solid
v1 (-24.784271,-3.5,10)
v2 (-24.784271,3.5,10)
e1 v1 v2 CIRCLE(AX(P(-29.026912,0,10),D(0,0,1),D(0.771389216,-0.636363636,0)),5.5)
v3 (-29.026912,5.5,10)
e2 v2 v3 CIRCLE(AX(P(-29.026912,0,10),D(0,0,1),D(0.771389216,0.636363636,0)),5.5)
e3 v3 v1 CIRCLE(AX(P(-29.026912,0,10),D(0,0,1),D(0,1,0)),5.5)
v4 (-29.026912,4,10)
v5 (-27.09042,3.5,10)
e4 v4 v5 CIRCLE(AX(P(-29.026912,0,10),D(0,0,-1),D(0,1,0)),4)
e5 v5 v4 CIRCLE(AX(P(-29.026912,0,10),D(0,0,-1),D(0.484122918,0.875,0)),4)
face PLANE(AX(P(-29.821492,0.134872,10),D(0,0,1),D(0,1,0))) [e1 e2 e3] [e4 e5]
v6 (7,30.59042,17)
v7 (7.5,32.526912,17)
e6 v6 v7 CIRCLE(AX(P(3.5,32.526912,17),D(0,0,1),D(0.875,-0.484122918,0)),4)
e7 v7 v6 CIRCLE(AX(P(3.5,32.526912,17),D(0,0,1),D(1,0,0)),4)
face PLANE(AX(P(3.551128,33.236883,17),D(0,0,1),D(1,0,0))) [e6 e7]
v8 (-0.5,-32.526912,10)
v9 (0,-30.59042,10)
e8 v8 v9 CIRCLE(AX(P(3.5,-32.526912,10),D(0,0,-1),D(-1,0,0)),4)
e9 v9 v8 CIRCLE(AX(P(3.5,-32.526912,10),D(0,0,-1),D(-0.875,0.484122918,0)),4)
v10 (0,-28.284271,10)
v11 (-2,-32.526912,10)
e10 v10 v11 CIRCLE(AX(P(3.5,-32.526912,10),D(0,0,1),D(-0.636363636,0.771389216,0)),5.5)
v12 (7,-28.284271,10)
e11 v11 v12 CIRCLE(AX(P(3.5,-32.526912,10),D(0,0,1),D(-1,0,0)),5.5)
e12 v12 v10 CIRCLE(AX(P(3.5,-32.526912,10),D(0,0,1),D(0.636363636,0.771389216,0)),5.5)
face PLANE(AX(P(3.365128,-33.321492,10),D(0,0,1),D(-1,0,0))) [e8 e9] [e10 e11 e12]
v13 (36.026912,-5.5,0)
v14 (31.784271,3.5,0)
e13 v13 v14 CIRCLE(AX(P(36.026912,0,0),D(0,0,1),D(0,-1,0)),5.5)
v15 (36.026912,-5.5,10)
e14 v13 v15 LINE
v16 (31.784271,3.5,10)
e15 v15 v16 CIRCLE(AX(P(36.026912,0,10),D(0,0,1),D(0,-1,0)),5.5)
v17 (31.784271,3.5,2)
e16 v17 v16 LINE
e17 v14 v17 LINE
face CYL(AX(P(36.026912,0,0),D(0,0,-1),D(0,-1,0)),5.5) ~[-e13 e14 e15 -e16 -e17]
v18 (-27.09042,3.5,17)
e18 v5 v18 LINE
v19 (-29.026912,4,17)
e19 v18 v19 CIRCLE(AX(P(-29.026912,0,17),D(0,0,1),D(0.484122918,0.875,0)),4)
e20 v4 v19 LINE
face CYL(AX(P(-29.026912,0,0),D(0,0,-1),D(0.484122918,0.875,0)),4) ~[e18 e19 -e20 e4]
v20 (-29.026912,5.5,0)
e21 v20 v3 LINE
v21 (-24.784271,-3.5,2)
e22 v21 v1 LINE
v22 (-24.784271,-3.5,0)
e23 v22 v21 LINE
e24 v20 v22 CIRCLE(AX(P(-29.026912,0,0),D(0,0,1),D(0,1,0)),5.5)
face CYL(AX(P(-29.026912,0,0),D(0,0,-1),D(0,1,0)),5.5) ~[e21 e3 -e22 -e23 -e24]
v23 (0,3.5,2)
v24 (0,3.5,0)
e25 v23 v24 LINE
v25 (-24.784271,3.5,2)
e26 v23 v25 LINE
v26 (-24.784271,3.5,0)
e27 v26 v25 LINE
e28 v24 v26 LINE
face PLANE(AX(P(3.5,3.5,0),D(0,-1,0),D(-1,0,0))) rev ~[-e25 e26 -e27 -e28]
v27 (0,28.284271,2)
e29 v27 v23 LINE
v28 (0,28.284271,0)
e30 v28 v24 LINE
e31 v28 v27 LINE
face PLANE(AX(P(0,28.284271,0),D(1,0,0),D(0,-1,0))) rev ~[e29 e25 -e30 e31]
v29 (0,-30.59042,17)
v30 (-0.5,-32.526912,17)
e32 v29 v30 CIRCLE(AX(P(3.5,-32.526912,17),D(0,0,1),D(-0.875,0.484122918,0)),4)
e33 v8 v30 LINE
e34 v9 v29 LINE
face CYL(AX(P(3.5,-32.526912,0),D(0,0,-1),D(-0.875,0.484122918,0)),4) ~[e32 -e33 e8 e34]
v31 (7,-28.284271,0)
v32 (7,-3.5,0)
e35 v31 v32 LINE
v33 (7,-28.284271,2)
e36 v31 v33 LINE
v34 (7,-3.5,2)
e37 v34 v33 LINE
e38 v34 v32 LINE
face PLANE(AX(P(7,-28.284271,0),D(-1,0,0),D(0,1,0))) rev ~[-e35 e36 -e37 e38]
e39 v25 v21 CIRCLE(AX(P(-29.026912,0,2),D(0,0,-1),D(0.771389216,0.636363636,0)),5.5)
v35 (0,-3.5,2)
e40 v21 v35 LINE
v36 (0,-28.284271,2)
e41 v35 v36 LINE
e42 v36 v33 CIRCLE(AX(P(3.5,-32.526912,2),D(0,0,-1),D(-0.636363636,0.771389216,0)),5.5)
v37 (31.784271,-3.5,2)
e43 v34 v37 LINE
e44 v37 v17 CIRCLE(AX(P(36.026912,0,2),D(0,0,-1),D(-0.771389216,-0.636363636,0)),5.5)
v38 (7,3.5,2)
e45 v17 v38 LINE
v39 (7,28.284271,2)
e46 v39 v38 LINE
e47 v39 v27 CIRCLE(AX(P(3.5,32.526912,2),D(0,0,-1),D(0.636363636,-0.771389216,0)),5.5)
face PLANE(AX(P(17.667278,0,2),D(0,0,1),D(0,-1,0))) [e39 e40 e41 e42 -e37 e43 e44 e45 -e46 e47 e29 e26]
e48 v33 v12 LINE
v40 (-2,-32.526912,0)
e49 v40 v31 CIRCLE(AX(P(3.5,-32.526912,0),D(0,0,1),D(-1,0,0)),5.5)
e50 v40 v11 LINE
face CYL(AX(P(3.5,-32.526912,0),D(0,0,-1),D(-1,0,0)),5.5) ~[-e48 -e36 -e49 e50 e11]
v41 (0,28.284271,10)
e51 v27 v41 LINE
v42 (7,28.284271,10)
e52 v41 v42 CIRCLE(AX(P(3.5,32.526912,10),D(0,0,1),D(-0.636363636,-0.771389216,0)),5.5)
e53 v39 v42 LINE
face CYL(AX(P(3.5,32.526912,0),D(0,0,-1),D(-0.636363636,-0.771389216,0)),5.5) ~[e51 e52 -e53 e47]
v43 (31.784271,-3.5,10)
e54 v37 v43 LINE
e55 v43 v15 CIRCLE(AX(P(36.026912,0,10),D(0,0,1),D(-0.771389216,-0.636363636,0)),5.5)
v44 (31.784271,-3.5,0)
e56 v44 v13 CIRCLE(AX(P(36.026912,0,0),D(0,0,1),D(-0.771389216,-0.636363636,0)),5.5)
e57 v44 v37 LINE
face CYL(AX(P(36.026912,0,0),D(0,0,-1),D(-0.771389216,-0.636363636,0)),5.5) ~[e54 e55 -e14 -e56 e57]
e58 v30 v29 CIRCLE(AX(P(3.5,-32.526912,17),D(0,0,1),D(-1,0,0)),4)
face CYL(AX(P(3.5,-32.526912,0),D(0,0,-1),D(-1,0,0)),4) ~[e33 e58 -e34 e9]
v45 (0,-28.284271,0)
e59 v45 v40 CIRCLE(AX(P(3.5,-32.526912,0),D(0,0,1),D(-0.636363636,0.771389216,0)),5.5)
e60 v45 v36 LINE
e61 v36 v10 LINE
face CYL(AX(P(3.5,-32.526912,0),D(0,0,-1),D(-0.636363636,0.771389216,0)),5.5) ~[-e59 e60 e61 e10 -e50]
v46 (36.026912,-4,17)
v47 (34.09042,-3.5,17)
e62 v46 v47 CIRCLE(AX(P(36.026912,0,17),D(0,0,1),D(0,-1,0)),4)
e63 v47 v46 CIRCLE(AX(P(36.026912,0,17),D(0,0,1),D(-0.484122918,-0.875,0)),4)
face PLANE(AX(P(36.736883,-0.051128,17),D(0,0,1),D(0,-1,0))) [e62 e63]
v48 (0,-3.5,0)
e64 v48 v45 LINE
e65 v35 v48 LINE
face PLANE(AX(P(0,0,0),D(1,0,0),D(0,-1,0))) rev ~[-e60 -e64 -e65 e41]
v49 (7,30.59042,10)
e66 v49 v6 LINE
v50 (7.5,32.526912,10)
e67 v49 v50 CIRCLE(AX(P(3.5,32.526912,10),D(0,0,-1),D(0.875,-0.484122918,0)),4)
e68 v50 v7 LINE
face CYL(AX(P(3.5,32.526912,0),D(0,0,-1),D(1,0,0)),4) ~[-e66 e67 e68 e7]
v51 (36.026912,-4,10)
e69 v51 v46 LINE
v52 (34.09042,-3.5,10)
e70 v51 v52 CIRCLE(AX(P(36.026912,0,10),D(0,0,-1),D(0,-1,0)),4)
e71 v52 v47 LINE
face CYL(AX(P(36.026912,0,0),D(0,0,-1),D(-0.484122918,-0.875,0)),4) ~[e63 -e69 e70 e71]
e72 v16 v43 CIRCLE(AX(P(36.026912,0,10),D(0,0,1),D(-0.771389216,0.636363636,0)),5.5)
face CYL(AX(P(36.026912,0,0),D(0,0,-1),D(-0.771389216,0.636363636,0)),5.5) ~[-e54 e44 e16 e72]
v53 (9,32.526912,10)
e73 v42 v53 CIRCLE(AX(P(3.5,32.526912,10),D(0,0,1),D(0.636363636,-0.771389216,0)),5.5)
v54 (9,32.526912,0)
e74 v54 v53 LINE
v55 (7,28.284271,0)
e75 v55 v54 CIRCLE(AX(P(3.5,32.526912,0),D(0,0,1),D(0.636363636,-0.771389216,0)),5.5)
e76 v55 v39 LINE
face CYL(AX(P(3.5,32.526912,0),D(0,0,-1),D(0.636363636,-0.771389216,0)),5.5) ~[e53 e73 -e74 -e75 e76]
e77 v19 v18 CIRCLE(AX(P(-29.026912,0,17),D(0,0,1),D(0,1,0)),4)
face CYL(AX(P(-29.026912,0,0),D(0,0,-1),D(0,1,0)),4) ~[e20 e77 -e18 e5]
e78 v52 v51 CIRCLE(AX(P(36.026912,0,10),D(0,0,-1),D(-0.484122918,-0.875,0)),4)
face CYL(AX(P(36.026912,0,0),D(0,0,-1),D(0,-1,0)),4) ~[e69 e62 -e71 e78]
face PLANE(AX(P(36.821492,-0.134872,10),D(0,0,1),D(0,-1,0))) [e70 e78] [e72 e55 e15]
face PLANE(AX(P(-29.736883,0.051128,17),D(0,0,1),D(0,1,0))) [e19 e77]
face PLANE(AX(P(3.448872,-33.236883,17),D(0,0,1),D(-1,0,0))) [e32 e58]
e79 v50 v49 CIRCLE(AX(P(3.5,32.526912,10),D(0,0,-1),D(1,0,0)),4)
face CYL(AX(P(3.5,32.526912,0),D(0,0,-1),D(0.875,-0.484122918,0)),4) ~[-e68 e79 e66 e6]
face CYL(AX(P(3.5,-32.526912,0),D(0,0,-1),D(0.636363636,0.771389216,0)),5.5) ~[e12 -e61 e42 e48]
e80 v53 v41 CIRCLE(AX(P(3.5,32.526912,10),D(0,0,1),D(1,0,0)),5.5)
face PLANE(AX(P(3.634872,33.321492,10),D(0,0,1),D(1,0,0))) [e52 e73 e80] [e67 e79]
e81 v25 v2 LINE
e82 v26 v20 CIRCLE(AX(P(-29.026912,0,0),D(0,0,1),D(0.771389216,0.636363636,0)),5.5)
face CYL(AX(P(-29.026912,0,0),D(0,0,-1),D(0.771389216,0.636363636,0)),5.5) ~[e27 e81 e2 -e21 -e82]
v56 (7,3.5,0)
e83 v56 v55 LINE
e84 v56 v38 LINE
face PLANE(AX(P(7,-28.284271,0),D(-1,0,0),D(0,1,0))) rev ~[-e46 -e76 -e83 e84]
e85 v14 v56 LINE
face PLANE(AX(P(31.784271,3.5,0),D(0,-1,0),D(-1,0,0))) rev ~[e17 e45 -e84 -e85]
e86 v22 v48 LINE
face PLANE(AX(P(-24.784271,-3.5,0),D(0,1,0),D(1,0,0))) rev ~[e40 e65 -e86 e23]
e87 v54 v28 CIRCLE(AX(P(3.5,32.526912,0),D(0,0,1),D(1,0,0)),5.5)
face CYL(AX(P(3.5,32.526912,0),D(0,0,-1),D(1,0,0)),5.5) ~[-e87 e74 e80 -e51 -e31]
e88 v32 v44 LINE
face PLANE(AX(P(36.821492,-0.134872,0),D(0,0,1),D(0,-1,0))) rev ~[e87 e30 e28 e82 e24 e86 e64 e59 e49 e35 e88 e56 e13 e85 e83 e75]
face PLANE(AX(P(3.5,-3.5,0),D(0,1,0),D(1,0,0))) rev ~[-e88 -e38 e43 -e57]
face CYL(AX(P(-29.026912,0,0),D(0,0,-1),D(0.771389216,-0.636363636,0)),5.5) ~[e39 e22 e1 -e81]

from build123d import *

# Parameters (mm, degrees)
F1_DEPTH = 2
F2_DEPTH = 10
F3_DEPTH = 17
F6_COUNT = 4


with BuildPart() as f1:
    # F0 (on Top) → F1 (new body)
    with BuildSketch(Plane.XY):
        with BuildLine():
            Line((0, 28.2842712475), (0, 0))
            Line((0, 0), (7, 0))
            Line((7, 0), (7, 28.2842712475))
            ThreePointArc((7, 28.2842712475), (3.5, 27.0269119346), (0, 28.2842712475))
        make_face()
    extrude(amount=F1_DEPTH)

    # F0 (on Top) → F2 (join)
    with BuildSketch(Plane.XY):
        with BuildLine():
            ThreePointArc((9, 32.5269119346), (1.1547921201, 37.5018491201), (0, 28.2842712475))
            Line((0, 28.2842712475), (0, 30.5904202615))
            ThreePointArc((0, 30.5904202615), (2.5, 36.3998952808), (7.5, 32.5269119346))
            ThreePointArc((7.5, 32.5269119346), (7.3729833462, 31.5269119346), (7, 30.5904202615))
            Line((7, 30.5904202615), (7, 28.2842712475))
            ThreePointArc((7, 28.2842712475), (8.4749371855, 30.1817040547), (9, 32.5269119346))
        make_face()
        with BuildLine():
            Line((0, 30.5904202615), (0, 28.2842712475))
            ThreePointArc((0, 28.2842712475), (3.5, 27.0269119346), (7, 28.2842712475))
            Line((7, 28.2842712475), (7, 30.5904202615))
            ThreePointArc((7, 30.5904202615), (3.5, 28.5269119346), (0, 30.5904202615))
        make_face()
    extrude(amount=F2_DEPTH)

    # F0 (on Top) → F3 (join)
    with BuildSketch(Plane.XY):
        with BuildLine():
            ThreePointArc((7.5, 32.5269119346), (2.5, 36.3998952808), (0, 30.5904202615))
            Line((0, 30.5904202615), (0, 32.5269119346))
            Line((0, 32.5269119346), (7, 32.5269119346))
            Line((7, 32.5269119346), (7, 30.5904202615))
            ThreePointArc((7, 30.5904202615), (7.3729833462, 31.5269119346), (7.5, 32.5269119346))
        make_face()
        with BuildLine():
            Line((0, 32.5269119346), (0, 30.5904202615))
            ThreePointArc((0, 30.5904202615), (3.5, 28.5269119346), (7, 30.5904202615))
            Line((7, 30.5904202615), (7, 32.5269119346))
            Line((7, 32.5269119346), (0, 32.5269119346))
        make_face()
    extrude(amount=F3_DEPTH)

    # F6: F1 ×4 about axis
    f6_axis = Axis((3.5, 0, 21.1911313236), (0, 0, 1))


with BuildPart() as f1_1:
    add(f1.part)
    for i in range(1, F6_COUNT):
        add(f1.part.rotate(f6_axis, i * 360 / F6_COUNT))


solid = f1_1.part
